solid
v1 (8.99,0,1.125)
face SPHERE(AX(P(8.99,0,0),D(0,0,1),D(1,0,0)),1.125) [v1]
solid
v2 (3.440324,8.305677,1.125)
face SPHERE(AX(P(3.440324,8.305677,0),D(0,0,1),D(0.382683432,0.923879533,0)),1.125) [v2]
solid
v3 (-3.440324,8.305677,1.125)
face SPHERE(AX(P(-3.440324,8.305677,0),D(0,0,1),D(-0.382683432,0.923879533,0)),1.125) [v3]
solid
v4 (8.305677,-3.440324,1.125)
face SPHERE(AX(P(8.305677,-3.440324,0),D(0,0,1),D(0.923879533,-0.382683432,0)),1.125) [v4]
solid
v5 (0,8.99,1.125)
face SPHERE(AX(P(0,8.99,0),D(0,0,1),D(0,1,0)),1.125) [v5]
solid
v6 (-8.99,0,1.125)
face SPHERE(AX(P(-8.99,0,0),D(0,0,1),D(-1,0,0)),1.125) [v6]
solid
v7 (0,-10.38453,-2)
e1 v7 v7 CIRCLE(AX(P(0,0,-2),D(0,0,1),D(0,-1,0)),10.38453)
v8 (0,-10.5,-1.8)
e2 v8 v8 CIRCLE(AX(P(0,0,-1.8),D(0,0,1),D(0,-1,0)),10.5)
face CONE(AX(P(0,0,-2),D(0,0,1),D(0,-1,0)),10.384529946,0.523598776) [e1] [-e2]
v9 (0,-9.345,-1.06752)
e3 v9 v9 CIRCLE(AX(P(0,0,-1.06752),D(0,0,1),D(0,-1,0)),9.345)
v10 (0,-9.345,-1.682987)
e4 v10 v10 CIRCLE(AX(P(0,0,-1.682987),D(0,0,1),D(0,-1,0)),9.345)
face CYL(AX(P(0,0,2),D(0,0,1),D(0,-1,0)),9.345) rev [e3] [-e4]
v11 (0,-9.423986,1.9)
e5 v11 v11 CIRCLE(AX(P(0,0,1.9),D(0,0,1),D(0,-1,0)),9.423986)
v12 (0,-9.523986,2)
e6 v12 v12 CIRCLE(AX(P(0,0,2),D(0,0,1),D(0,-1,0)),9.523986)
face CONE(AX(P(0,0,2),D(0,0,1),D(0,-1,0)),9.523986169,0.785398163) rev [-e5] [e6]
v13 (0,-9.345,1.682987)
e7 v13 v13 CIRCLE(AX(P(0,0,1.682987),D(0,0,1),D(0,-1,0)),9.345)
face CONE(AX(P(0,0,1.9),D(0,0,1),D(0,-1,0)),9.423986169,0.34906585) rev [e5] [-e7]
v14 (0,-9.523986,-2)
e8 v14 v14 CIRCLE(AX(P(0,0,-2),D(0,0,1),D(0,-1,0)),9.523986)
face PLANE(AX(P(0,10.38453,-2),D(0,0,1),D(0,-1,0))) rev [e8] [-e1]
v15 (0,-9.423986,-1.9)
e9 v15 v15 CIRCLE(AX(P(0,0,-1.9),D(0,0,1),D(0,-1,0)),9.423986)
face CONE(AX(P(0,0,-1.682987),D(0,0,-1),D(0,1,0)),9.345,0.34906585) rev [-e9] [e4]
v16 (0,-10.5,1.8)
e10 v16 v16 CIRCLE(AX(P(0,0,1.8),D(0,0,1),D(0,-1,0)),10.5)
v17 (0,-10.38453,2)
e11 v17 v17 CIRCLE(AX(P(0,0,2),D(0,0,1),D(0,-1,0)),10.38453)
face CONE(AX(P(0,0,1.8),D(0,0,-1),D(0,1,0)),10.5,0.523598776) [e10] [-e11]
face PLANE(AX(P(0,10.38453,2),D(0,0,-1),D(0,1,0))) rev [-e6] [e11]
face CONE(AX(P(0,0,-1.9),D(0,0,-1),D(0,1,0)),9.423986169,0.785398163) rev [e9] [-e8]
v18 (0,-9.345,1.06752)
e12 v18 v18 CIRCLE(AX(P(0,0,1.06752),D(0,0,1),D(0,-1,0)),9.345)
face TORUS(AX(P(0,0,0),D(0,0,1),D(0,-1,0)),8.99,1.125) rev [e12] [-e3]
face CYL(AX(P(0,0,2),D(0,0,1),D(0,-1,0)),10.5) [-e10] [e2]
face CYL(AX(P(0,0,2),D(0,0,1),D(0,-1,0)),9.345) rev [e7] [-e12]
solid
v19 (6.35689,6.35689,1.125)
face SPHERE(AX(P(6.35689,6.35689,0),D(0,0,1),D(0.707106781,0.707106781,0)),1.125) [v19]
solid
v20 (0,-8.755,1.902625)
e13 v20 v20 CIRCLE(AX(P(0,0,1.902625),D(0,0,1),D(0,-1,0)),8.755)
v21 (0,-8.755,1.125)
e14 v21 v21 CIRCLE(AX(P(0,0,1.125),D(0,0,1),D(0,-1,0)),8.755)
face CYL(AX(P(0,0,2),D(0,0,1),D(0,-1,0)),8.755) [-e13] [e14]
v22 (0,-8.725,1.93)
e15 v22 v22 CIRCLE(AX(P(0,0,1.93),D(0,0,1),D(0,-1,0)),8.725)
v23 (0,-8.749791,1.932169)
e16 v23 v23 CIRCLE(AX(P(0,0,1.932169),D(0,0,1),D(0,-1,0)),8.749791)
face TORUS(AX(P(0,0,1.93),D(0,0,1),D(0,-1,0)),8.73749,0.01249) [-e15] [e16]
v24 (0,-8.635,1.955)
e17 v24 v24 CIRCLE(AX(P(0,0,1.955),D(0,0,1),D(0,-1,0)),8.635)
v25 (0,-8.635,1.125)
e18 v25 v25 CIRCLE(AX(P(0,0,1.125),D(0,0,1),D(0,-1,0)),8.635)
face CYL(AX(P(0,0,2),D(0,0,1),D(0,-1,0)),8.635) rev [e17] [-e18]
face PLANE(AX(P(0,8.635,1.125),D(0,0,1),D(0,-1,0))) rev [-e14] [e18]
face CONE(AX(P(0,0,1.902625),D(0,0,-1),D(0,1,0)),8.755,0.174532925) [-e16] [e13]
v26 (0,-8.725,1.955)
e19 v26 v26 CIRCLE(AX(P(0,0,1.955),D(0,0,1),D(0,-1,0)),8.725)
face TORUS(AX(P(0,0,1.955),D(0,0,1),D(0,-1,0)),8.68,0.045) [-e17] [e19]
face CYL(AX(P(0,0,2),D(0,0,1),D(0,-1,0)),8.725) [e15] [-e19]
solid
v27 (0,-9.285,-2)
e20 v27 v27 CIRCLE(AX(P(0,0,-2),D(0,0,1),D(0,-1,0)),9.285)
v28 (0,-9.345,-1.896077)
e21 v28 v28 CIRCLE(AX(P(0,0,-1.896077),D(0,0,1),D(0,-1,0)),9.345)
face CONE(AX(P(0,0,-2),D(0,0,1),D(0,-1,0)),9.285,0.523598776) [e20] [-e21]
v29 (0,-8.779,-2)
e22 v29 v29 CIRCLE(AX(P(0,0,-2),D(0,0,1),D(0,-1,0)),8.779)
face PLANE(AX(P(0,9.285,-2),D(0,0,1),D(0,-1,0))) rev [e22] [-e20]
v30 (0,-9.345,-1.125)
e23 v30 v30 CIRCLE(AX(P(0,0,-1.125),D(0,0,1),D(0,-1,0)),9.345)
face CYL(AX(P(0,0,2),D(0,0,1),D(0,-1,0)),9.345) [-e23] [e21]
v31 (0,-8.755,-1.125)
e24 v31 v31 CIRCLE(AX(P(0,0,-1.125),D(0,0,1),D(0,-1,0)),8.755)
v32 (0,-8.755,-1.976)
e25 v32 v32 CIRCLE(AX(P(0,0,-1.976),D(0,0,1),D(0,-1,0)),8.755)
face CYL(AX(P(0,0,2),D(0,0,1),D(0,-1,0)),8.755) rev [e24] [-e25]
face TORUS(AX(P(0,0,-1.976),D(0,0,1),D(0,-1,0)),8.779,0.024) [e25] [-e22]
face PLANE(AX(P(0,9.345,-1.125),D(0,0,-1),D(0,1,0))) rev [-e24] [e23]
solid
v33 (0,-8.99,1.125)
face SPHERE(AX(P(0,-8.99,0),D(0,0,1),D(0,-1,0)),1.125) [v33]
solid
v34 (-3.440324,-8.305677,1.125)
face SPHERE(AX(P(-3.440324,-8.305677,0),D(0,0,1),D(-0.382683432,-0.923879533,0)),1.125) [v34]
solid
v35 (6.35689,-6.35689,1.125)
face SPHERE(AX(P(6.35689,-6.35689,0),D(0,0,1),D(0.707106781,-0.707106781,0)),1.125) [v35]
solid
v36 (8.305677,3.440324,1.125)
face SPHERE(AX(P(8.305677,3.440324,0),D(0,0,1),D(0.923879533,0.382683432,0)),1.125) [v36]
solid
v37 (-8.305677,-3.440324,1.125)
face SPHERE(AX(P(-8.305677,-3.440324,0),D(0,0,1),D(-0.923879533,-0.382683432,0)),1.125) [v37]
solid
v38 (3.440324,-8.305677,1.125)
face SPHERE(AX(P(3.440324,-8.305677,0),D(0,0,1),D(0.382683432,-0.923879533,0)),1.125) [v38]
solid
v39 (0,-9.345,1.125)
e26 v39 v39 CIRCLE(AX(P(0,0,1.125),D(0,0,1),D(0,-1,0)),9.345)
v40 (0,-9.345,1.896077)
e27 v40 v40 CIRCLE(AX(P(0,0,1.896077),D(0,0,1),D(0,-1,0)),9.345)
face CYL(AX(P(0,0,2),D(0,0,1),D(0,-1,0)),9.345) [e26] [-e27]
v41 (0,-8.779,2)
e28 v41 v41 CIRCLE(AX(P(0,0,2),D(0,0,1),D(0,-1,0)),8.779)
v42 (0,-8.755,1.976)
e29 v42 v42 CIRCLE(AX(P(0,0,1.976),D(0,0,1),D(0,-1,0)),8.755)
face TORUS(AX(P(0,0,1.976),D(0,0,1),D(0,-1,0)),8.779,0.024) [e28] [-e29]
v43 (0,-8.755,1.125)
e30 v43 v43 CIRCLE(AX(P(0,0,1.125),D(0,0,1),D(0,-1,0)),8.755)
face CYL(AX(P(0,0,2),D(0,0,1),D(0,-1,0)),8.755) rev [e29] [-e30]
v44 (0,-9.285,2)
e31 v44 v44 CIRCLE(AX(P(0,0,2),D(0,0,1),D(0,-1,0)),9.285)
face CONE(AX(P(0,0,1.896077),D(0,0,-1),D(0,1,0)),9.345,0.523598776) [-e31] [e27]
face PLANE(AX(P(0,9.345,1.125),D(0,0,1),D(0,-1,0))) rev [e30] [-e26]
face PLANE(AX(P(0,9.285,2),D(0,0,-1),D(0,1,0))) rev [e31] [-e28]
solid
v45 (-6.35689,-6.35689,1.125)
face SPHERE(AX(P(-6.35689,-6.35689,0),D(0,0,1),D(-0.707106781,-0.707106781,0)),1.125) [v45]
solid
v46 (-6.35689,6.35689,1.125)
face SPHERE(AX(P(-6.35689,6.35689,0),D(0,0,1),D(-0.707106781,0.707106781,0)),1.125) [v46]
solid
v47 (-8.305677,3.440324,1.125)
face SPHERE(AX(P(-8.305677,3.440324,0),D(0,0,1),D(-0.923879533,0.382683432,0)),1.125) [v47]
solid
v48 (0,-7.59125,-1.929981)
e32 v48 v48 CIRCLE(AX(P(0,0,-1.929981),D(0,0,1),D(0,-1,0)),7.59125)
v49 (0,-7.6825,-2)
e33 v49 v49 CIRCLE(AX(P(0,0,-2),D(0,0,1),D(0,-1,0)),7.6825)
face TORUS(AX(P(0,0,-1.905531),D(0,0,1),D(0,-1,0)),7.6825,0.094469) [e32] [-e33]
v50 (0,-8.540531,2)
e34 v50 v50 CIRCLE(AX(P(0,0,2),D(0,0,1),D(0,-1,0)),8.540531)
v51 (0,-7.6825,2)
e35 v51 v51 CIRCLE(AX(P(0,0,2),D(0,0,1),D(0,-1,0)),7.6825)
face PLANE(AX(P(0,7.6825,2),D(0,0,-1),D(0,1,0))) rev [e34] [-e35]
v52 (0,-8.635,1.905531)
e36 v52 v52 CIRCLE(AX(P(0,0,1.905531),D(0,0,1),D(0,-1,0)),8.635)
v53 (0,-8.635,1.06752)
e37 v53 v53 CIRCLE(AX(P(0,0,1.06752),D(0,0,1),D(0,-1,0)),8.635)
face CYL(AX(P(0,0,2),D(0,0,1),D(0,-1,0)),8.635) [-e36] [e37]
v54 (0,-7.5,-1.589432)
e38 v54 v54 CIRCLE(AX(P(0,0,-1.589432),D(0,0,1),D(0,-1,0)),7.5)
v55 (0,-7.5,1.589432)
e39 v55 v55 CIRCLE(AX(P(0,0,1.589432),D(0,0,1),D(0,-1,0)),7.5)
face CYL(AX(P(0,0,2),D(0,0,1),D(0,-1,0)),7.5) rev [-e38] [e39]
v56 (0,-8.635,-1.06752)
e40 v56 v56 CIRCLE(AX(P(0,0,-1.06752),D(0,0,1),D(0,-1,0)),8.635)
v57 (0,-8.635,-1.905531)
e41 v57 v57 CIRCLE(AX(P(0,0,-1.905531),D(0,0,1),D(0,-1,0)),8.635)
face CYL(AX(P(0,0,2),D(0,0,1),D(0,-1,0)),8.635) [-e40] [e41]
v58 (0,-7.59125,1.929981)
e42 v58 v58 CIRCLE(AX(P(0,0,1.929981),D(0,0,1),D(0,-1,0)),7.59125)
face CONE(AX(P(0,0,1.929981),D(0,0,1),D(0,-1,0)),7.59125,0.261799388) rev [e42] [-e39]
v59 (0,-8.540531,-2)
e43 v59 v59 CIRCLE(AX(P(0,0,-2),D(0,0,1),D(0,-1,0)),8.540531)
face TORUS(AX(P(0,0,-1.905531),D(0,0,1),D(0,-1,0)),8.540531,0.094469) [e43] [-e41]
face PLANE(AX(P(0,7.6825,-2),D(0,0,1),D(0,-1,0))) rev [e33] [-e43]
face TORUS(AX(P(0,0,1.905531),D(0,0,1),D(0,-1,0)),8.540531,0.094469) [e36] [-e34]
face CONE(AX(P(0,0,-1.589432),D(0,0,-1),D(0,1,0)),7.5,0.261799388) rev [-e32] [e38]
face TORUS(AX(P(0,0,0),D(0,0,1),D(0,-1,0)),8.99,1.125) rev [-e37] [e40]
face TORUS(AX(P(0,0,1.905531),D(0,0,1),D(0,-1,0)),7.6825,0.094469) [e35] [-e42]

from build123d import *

# Parameters (mm, degrees)
CIRPATTERN1_COUNT = 16


with BuildPart() as part:
    # Sketch3 → Revolve1 (revolve)
    with BuildSketch(Plane(origin=(0, 0, 0), x_dir=(0, 0, -1), z_dir=(1, 0, 0)), mode=Mode.PRIVATE) as revolve1_sk:
        with BuildLine():
            Line((-1.682987285, 9.345), (-1.9, 9.423986169))
            Line((-1.9, 9.423986169), (-2, 9.523986169))
            Line((-2, 9.523986169), (-2, 10.384529946))
            Line((-2, 10.384529946), (-1.8, 10.5))
            Line((-1.8, 10.5), (1.8, 10.5))
            Line((1.8, 10.5), (2, 10.384529946))
            Line((2, 10.384529946), (2, 9.523986169))
            Line((2, 9.523986169), (1.9, 9.423986169))
            Line((1.9, 9.423986169), (1.682987285, 9.345))
            Line((1.682987285, 9.345), (1.067520492, 9.345))
            ThreePointArc((1.067520492, 9.345), (0, 10.115), (-1.067520492, 9.345))
            Line((-1.067520492, 9.345), (-1.682987285, 9.345))
        make_face()
    revolve(revolve1_sk.sketch.rotate(Axis((0, 0, 2), (0, 0, -1)), 180), axis=Axis((0, 0, 2), (0, 0, -1)))


with BuildPart() as body_2:
    # Sketch4 → Revolve2 (revolve)
    with BuildSketch(Plane(origin=(0, 0, 0), x_dir=(0, 0, -1), z_dir=(1, 0, 0)), mode=Mode.PRIVATE) as revolve2_sk:
        with BuildLine():
            Line((-1.589431776, 7.5), (-1.929981412, 7.59125))
            ThreePointArc((-1.929981412, 7.59125), (-1.980478307, 7.624990946), (-2, 7.6825))
            Line((-2, 7.6825), (-2, 8.540531049))
            ThreePointArc((-2, 8.540531049), (-1.972330685, 8.607330685), (-1.905531049, 8.635))
            Line((-1.905531049, 8.635), (-1.067520492, 8.635))
            ThreePointArc((-1.067520492, 8.635), (0, 7.865), (1.067520492, 8.635))
            Line((1.067520492, 8.635), (1.905531049, 8.635))
            ThreePointArc((1.905531049, 8.635), (1.972330685, 8.607330685), (2, 8.540531049))
            Line((2, 8.540531049), (2, 7.6825))
            ThreePointArc((2, 7.6825), (1.980478307, 7.624990946), (1.929981412, 7.59125))
            Line((1.929981412, 7.59125), (1.589431776, 7.5))
            Line((1.589431776, 7.5), (-1.589431776, 7.5))
        make_face()
    revolve(revolve2_sk.sketch.rotate(Axis((0, 0, 2), (0, 0, -1)), 180), axis=Axis((0, 0, 2), (0, 0, -1)))


with BuildPart() as body_3:
    # Sketch5 → Revolve3 (revolve)
    with BuildSketch(Plane(origin=(0, 0, 0), x_dir=(0, 0, -1), z_dir=(1, 0, 0))):
        with BuildLine():
            Line((-1.125, 8.99), (1.125, 8.99))
            ThreePointArc((1.125, 8.99), (0, 10.115), (-1.125, 8.99))
        make_face()
    revolve(axis=Axis((0, 8.99, 1.125), (0, 0, -1)))


with BuildPart() as cirpattern1_1:
    # CirPattern1: pattern copy
    add(body_3.part.rotate(Axis((0, 0, 0), (0, 0, 1)), 1 * 360 / CIRPATTERN1_COUNT))


with BuildPart() as cirpattern1_2:
    # CirPattern1: pattern copy
    add(body_3.part.rotate(Axis((0, 0, 0), (0, 0, 1)), 2 * 360 / CIRPATTERN1_COUNT))


with BuildPart() as cirpattern1_3:
    # CirPattern1: pattern copy
    add(body_3.part.rotate(Axis((0, 0, 0), (0, 0, 1)), 3 * 360 / CIRPATTERN1_COUNT))


with BuildPart() as cirpattern1_4:
    # CirPattern1: pattern copy
    add(body_3.part.rotate(Axis((0, 0, 0), (0, 0, 1)), 4 * 360 / CIRPATTERN1_COUNT))


with BuildPart() as cirpattern1_5:
    # CirPattern1: pattern copy
    add(body_3.part.rotate(Axis((0, 0, 0), (0, 0, 1)), 5 * 360 / CIRPATTERN1_COUNT))


with BuildPart() as cirpattern1_6:
    # CirPattern1: pattern copy
    add(body_3.part.rotate(Axis((0, 0, 0), (0, 0, 1)), 6 * 360 / CIRPATTERN1_COUNT))


with BuildPart() as cirpattern1_7:
    # CirPattern1: pattern copy
    add(body_3.part.rotate(Axis((0, 0, 0), (0, 0, 1)), 7 * 360 / CIRPATTERN1_COUNT))


with BuildPart() as cirpattern1_8:
    # CirPattern1: pattern copy
    add(body_3.part.rotate(Axis((0, 0, 0), (0, 0, 1)), 8 * 360 / CIRPATTERN1_COUNT))


with BuildPart() as cirpattern1_9:
    # CirPattern1: pattern copy
    add(body_3.part.rotate(Axis((0, 0, 0), (0, 0, 1)), 9 * 360 / CIRPATTERN1_COUNT))


with BuildPart() as cirpattern1_10:
    # CirPattern1: pattern copy
    add(body_3.part.rotate(Axis((0, 0, 0), (0, 0, 1)), 10 * 360 / CIRPATTERN1_COUNT))


with BuildPart() as cirpattern1_11:
    # CirPattern1: pattern copy
    add(body_3.part.rotate(Axis((0, 0, 0), (0, 0, 1)), 11 * 360 / CIRPATTERN1_COUNT))


with BuildPart() as cirpattern1_12:
    # CirPattern1: pattern copy
    add(body_3.part.rotate(Axis((0, 0, 0), (0, 0, 1)), 12 * 360 / CIRPATTERN1_COUNT))


with BuildPart() as cirpattern1_13:
    # CirPattern1: pattern copy
    add(body_3.part.rotate(Axis((0, 0, 0), (0, 0, 1)), 13 * 360 / CIRPATTERN1_COUNT))


with BuildPart() as cirpattern1_14:
    # CirPattern1: pattern copy
    add(body_3.part.rotate(Axis((0, 0, 0), (0, 0, 1)), 14 * 360 / CIRPATTERN1_COUNT))


with BuildPart() as cirpattern1_15:
    # CirPattern1: pattern copy
    add(body_3.part.rotate(Axis((0, 0, 0), (0, 0, 1)), 15 * 360 / CIRPATTERN1_COUNT))


with BuildPart() as body_19:
    # Sketch6 → Revolve4 (revolve)
    with BuildSketch(Plane(origin=(0, 0, 0), x_dir=(0, 0, -1), z_dir=(1, 0, 0)), mode=Mode.PRIVATE) as revolve4_sk:
        with BuildLine():
            Line((-1.896076952, 9.345), (-1.125, 9.345))
            Line((-1.125, 9.345), (-1.125, 8.755))
            Line((-1.125, 8.755), (-1.976, 8.755))
            ThreePointArc((-1.976, 8.755), (-1.992970563, 8.762029437), (-2, 8.779))
            Line((-2, 8.779), (-2, 9.285))
            Line((-2, 9.285), (-1.896076952, 9.345))
        make_face()
        with BuildLine():
            Line((1.976, 8.755), (1.125, 8.755))
            Line((1.125, 8.755), (1.125, 9.345))
            Line((1.125, 9.345), (1.896076952, 9.345))
            Line((1.896076952, 9.345), (2, 9.285))
            Line((2, 9.285), (2, 8.779))
            ThreePointArc((2, 8.779), (1.992970563, 8.762029437), (1.976, 8.755))
        make_face()
    revolve(revolve4_sk.sketch.rotate(Axis((0, 0, 2), (0, 0, -1)), 180), axis=Axis((0, 0, 2), (0, 0, -1)))


with BuildPart() as body_20:
    # Sketch7 → Revolve5 (revolve)
    with BuildSketch(Plane(origin=(0, 0, 0), x_dir=(0, 0, -1), z_dir=(1, 0, 0)), mode=Mode.PRIVATE) as revolve5_sk:
        with BuildLine():
            Line((-1.125, 8.755), (-1.90262466, 8.755))
            Line((-1.90262466, 8.755), (-1.932168892, 8.749790555))
            ThreePointArc((-1.932168892, 8.749790555), (-1.942442625, 8.736401565), (-1.93, 8.725))
            Line((-1.93, 8.725), (-1.955, 8.725))
            ThreePointArc((-1.955, 8.725), (-2, 8.68), (-1.955, 8.635))
            Line((-1.955, 8.635), (-1.125, 8.635))
            Line((-1.125, 8.635), (-1.125, 8.755))
        make_face()
    revolve(revolve5_sk.sketch.rotate(Axis((0, 0, 2), (0, 0, -1)), 180), axis=Axis((0, 0, 2), (0, 0, -1)))


solid = Compound([part.part, body_2.part, body_3.part, cirpattern1_1.part, cirpattern1_2.part, cirpattern1_3.part, cirpattern1_4.part, cirpattern1_5.part, cirpattern1_6.part, cirpattern1_7.part, cirpattern1_8.part, cirpattern1_9.part, cirpattern1_10.part, cirpattern1_11.part, cirpattern1_12.part, cirpattern1_13.part, cirpattern1_14.part, cirpattern1_15.part, body_19.part, body_20.part])
